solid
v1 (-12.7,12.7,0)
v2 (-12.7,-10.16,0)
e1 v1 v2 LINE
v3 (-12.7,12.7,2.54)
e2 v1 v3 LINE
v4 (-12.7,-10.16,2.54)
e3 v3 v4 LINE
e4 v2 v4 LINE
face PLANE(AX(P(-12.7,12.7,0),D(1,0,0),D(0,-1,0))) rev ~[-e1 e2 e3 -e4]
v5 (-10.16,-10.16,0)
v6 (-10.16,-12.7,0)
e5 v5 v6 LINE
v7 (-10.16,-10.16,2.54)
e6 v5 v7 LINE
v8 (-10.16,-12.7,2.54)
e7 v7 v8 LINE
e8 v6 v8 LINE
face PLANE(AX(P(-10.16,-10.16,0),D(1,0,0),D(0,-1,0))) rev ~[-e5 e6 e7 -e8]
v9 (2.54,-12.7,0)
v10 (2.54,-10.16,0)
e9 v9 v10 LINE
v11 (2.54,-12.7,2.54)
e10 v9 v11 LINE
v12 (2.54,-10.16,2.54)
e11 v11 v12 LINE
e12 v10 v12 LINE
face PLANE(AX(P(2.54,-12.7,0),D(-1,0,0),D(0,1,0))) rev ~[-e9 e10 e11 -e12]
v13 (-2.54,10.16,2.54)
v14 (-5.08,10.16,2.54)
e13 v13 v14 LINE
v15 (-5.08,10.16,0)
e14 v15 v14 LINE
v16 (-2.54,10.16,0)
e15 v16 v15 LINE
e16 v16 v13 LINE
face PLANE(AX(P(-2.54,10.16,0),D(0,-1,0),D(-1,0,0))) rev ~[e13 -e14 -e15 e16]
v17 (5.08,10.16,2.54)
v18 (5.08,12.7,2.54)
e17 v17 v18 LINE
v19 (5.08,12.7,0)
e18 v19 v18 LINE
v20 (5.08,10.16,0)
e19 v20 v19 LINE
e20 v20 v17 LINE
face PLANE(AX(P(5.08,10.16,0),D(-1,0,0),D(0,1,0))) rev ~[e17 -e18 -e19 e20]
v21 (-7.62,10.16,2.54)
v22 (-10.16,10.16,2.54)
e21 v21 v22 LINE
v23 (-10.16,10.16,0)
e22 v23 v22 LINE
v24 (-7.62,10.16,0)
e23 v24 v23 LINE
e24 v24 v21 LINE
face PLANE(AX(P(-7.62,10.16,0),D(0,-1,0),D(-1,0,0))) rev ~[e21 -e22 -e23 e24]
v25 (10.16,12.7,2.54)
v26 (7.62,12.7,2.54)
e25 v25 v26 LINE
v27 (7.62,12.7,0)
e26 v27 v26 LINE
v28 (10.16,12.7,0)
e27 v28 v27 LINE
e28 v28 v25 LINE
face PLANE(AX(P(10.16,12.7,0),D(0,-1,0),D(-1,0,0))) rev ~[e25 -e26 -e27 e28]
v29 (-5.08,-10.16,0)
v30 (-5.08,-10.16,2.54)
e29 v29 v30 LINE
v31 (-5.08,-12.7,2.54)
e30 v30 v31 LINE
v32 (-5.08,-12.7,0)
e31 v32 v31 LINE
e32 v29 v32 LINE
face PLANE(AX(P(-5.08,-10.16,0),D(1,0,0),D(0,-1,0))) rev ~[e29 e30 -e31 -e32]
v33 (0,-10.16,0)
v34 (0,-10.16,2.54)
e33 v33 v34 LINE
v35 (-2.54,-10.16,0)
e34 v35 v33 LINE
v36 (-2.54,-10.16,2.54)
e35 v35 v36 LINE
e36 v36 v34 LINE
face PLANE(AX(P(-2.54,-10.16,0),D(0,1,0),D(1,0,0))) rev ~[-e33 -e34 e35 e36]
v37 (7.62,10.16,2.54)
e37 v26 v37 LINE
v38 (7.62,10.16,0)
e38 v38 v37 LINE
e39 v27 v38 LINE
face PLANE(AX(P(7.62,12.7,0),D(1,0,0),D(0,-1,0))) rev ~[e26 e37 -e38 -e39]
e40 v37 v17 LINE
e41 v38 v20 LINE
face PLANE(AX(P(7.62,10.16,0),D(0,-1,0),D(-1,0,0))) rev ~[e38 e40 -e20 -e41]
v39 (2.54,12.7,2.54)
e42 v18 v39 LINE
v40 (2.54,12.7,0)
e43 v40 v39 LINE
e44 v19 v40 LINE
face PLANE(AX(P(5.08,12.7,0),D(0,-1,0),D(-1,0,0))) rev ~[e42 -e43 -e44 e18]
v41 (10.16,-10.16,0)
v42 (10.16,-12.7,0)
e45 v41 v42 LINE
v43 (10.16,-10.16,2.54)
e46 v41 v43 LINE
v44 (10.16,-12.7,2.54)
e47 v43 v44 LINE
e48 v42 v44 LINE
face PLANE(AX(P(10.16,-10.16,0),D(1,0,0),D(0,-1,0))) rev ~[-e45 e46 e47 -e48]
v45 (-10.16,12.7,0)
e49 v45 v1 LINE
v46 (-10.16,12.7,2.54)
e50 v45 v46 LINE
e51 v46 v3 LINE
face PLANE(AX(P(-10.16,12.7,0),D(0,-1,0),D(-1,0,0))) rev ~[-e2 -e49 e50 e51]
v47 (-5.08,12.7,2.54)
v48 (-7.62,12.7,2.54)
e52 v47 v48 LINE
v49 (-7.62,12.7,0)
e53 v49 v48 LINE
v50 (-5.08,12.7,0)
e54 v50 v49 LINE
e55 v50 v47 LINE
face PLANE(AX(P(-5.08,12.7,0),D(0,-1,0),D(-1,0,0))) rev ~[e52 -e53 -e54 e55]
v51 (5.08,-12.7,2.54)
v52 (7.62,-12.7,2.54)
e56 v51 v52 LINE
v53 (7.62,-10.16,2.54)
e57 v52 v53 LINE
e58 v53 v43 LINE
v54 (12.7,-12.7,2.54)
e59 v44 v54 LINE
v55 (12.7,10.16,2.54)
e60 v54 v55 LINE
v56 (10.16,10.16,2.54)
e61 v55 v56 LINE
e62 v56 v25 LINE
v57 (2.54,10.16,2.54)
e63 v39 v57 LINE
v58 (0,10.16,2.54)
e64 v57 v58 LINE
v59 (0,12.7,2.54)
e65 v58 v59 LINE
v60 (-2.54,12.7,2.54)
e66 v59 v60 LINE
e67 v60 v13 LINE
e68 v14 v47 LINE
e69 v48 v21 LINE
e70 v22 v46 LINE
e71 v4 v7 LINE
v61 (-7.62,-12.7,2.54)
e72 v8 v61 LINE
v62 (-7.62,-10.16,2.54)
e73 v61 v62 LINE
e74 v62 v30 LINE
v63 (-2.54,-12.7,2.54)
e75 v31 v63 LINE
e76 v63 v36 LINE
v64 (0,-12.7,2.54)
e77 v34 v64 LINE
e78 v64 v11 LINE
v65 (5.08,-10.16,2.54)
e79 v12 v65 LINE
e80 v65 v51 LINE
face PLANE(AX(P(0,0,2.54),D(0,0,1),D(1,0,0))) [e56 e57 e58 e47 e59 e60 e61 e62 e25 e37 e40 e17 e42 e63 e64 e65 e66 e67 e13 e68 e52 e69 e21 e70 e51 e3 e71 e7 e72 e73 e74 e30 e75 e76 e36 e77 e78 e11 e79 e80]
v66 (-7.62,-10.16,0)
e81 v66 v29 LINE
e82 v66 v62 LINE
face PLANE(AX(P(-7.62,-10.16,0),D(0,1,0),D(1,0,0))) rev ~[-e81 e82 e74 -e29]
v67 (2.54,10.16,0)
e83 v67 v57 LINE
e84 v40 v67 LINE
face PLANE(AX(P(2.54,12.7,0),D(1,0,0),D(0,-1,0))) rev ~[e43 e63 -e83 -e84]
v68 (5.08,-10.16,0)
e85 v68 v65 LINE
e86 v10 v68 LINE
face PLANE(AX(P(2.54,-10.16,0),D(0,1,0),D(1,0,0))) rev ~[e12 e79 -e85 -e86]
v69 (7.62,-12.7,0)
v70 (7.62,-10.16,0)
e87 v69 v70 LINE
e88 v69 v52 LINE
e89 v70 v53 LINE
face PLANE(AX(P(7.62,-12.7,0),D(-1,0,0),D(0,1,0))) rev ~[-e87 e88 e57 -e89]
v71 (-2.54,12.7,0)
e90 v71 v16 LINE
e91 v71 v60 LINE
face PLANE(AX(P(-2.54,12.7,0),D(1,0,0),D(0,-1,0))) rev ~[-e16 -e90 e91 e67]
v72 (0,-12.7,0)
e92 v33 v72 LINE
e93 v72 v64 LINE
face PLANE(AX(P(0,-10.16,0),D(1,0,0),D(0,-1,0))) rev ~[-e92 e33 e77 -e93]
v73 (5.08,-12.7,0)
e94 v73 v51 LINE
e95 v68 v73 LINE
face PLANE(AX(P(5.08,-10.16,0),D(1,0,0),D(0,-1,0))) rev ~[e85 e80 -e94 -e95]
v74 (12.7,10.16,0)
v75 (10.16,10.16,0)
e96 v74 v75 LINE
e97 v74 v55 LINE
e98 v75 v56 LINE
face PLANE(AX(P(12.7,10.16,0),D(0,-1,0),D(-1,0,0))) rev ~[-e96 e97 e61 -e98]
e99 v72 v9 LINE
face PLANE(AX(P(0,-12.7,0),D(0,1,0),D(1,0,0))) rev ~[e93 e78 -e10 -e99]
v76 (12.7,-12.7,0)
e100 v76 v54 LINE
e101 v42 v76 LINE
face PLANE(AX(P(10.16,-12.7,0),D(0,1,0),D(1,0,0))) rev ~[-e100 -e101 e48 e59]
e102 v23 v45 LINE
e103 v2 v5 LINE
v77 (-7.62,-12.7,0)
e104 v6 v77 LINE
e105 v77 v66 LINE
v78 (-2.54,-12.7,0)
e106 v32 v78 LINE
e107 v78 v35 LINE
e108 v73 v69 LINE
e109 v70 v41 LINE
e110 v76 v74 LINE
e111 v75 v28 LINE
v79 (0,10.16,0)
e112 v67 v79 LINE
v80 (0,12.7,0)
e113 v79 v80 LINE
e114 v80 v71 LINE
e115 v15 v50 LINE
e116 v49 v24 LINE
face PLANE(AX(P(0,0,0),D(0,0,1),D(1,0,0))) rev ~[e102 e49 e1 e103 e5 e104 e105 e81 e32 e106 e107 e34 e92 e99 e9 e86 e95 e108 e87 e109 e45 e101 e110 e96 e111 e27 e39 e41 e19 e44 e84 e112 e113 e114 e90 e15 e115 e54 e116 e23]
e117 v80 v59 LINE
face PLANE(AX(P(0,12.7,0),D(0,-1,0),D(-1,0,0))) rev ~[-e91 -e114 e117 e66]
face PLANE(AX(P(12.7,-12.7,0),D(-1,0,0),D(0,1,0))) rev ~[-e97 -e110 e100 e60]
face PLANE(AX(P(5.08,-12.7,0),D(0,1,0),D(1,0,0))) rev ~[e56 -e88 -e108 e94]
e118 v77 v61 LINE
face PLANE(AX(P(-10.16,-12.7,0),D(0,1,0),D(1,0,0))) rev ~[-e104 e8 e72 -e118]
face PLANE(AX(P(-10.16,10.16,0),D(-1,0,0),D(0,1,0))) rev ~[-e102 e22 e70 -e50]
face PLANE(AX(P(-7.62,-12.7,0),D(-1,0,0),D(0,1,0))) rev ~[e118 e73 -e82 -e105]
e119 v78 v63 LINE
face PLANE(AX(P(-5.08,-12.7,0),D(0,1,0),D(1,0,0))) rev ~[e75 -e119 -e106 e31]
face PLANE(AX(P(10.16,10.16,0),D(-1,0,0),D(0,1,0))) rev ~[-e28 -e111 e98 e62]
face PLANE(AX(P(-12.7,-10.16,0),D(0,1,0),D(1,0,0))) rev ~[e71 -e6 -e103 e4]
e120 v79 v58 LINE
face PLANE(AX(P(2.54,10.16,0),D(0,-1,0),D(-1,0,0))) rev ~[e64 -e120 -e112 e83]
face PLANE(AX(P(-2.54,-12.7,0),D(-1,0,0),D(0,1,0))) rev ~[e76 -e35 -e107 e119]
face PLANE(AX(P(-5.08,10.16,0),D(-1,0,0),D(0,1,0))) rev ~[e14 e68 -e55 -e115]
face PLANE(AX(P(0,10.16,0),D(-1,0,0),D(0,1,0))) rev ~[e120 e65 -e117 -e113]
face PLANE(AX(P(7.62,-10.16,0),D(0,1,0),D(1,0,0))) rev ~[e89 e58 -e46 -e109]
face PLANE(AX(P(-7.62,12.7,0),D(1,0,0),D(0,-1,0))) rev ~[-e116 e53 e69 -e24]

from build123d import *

# Parameters (mm, degrees)
F1_DEPTH = 2.54


with BuildPart() as f1:
    # F0 (on Top) → F1 (new body)
    with BuildSketch(Plane.XY):
        Polygon((12.7, -12.7), (12.7, 10.16), (10.16, 10.16), (10.16, 12.7), (7.62, 12.7), (7.62, 10.16), (5.08, 10.16), (5.08, 12.7), (2.54, 12.7), (2.54, 10.16), (0, 10.16), (0, 12.7), (-2.54, 12.7), (-2.54, 10.16), (-5.08, 10.16), (-5.08, 12.7), (-7.62, 12.7), (-7.62, 10.16), (-10.16, 10.16), (-10.16, 12.7), (-12.7, 12.7), (-12.7, -10.16), (-10.16, -10.16), (-10.16, -12.7), (-7.62, -12.7), (-7.62, -10.16), (-5.08, -10.16), (-5.08, -12.7), (-2.54, -12.7), (-2.54, -10.16), (0, -10.16), (0, -12.7), (2.54, -12.7), (2.54, -10.16), (5.08, -10.16), (5.08, -12.7), (7.62, -12.7), (7.62, -10.16), (10.16, -10.16), (10.16, -12.7), align=None)
    extrude(amount=F1_DEPTH)


solid = f1.part
